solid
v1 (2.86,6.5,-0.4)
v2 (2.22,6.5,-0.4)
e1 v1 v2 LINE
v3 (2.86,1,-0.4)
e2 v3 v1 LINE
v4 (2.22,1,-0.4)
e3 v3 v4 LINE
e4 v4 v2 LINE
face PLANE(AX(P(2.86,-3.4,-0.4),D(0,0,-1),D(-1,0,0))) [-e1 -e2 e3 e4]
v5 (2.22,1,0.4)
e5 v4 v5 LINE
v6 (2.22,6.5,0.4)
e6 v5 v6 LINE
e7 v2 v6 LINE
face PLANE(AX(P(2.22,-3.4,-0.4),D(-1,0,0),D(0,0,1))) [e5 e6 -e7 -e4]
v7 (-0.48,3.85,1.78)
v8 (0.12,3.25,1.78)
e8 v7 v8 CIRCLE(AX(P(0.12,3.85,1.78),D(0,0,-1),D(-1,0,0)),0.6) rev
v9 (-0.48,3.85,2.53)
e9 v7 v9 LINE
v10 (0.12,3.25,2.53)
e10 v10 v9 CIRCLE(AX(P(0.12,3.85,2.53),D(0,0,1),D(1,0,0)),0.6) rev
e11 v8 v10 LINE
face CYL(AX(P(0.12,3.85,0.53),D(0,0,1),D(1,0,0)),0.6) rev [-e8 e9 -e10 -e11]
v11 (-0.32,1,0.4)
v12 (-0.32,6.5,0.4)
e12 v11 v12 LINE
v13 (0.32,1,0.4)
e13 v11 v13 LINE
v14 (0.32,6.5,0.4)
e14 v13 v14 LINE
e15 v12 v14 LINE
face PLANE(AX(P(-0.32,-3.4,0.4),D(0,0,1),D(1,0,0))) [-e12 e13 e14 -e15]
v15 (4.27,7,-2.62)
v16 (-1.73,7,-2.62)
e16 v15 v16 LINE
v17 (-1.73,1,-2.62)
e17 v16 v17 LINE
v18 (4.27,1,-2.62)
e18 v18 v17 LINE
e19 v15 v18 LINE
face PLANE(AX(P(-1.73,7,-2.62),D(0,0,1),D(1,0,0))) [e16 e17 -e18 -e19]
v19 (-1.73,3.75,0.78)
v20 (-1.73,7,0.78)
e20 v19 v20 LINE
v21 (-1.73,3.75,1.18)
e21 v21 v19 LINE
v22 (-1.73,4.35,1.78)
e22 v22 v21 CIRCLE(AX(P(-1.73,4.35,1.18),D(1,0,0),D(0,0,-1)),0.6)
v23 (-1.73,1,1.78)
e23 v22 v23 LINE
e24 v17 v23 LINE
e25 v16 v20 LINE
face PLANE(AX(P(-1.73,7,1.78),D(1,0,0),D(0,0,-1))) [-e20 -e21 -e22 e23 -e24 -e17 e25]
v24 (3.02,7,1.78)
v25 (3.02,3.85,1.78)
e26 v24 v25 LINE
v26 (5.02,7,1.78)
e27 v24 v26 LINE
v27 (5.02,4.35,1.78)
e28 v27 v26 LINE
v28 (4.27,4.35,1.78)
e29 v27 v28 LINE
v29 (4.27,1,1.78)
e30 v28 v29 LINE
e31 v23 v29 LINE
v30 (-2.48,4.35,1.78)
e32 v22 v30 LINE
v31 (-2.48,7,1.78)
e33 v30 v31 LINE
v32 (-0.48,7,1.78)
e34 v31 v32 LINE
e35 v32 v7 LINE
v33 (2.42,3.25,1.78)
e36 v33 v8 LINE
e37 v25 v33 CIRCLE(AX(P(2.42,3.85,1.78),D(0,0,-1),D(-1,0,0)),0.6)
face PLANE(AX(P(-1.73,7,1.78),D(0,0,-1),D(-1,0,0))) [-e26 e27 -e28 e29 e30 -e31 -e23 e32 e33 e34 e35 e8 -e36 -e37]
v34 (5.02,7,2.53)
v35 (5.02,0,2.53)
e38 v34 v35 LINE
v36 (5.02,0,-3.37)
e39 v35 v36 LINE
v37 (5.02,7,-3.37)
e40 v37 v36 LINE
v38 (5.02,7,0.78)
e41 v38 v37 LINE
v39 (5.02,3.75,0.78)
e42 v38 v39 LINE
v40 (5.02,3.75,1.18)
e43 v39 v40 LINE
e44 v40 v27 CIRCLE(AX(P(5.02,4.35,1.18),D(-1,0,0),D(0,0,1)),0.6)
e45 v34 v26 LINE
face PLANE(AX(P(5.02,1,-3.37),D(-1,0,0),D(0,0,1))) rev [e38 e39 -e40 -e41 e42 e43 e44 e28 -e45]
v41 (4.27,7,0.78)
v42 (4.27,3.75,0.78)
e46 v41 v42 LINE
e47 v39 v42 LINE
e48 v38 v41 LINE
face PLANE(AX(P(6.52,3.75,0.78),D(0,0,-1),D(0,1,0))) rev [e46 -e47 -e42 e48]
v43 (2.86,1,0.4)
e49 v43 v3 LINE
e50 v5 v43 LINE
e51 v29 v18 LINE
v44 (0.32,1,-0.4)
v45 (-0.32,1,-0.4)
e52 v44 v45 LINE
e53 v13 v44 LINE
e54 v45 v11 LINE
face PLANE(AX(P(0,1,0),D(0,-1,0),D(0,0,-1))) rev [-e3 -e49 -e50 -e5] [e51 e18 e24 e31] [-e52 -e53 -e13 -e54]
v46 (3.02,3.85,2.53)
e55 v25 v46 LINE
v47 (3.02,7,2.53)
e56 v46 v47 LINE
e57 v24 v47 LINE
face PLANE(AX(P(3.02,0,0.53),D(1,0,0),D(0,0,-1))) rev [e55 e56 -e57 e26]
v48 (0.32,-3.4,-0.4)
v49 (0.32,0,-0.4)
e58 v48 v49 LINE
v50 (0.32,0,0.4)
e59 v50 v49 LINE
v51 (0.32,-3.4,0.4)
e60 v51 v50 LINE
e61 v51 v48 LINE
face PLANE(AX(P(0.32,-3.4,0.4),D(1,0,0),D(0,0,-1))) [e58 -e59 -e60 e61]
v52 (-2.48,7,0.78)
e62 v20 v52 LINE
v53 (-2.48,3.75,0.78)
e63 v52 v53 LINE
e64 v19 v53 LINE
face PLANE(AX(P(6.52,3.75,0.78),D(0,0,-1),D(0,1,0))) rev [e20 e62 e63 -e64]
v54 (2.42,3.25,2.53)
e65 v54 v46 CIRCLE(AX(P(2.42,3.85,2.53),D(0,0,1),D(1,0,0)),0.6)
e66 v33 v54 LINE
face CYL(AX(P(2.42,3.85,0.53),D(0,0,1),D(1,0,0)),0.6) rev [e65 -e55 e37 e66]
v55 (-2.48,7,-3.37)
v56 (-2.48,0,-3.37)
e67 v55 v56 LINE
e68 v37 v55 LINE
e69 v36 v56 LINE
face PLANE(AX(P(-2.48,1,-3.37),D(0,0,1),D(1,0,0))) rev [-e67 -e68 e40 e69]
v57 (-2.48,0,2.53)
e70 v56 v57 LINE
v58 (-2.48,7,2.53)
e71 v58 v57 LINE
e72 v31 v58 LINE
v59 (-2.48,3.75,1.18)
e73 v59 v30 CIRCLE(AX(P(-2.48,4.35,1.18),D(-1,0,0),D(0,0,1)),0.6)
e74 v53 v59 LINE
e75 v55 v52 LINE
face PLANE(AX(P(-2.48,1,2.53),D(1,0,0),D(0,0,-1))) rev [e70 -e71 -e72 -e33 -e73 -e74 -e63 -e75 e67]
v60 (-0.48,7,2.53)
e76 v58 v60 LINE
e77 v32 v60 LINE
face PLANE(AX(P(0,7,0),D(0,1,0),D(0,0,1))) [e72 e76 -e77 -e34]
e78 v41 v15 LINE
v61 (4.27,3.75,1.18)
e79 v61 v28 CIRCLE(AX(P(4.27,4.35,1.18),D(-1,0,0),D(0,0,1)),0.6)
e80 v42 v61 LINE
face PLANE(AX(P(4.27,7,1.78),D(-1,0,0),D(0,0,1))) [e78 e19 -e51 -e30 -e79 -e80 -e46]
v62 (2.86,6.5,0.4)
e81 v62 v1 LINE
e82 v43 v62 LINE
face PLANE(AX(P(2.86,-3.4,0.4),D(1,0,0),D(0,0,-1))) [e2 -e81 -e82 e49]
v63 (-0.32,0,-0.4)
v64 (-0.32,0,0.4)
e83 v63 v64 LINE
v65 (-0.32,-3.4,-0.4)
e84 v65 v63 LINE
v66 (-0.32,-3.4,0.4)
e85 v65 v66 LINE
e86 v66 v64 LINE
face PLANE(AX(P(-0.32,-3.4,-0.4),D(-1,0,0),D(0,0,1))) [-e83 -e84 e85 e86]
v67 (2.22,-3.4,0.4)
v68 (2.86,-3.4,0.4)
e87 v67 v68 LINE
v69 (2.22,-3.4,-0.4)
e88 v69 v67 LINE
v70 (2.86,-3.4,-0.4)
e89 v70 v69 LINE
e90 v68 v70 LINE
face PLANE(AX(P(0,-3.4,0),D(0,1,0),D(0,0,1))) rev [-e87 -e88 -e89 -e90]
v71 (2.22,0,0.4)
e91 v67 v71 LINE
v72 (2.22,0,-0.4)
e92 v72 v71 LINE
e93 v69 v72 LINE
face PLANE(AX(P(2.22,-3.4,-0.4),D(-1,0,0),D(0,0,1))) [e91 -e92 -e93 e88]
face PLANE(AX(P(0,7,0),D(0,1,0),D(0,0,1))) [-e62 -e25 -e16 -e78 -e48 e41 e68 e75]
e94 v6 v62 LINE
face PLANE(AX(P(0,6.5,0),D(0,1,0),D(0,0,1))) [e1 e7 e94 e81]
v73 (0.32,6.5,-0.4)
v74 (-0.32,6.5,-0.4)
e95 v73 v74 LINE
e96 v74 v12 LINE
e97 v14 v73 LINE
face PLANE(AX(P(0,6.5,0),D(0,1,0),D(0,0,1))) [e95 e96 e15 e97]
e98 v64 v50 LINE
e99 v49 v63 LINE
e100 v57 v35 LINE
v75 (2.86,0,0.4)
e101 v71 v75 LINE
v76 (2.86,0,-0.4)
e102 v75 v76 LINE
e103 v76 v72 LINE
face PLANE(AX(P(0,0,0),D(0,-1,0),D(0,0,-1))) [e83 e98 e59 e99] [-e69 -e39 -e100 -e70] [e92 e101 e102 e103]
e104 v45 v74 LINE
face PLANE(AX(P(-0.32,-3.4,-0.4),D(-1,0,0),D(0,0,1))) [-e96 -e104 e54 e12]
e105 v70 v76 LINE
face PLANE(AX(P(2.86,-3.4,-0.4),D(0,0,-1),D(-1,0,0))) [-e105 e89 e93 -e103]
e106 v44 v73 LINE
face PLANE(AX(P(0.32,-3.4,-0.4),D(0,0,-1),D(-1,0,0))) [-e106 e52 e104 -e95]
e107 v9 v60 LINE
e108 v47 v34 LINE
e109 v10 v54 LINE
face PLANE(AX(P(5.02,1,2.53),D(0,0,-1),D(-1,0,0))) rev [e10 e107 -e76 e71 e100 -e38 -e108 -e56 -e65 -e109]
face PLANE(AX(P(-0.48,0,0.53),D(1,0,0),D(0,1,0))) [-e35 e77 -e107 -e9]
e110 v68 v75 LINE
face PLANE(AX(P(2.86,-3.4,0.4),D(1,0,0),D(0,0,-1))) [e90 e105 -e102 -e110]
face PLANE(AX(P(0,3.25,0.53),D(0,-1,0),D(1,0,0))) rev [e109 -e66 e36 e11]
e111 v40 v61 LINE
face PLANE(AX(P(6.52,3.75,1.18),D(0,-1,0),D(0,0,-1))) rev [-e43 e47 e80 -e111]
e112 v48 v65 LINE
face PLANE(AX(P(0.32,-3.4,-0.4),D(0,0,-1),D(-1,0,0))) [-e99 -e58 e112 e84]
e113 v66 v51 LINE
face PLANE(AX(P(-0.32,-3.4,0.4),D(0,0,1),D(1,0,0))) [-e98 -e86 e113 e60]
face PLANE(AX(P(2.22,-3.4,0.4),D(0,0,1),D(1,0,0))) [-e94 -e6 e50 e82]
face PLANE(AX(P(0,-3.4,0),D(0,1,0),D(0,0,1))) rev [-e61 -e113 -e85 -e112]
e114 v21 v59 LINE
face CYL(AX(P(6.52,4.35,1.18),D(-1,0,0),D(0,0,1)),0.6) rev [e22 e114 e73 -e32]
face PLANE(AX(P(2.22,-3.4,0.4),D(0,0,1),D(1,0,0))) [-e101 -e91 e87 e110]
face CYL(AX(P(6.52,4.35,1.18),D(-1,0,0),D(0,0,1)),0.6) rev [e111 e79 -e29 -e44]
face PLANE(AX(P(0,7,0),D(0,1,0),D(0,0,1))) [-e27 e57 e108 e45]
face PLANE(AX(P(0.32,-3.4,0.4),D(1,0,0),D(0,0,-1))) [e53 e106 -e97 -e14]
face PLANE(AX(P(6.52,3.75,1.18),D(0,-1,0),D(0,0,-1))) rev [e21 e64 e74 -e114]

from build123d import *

# Parameters (mm, degrees)
CROQUIS1_W                   = 7.5
CROQUIS1_H                   = 5.9
CROQUIS1_W_2                 = 0.64
CROQUIS1_H_2                 = 0.8
SALIENTE_EXTRUIR1_DEPTH      = 1
CROQUIS2_W                   = 7.5
CROQUIS2_H                   = 5.9
CROQUIS2_W_2                 = 6
CROQUIS2_H_2                 = 4.4
SALIENTE_EXTRUIR2_DEPTH      = 6
CORTAR_EXTRUIR1_DEPTH        = 9
CORTAR_EXTRUIR2_DEPTH        = 2
SALIENTE_EXTRUIR3_DEPTH      = 6.5
SALIENTE_EXTRUIR3_DEPTH_BACK = 3.4
CROQUIS5_W                   = 0.64
CROQUIS5_H                   = 0.8


with BuildPart() as part:
    # Croquis1 → Saliente-Extruir1 (new body)
    with BuildSketch(Plane(origin=(0, 0, 0), x_dir=(1, 0, 0), z_dir=(0, 1, 0))):
        with Locations((1.27, 0.42)):
            Rectangle(CROQUIS1_W, CROQUIS1_H)
        Rectangle(CROQUIS1_W_2, CROQUIS1_H_2, mode=Mode.SUBTRACT)
        with Locations((2.54, 0)):
            Rectangle(CROQUIS1_W_2, CROQUIS1_H_2, mode=Mode.SUBTRACT)
    extrude(amount=SALIENTE_EXTRUIR1_DEPTH)

    # Croquis2 → Saliente-Extruir2 (add)
    with BuildSketch(Plane(origin=(0, 1, 0), x_dir=(1, 0, 0), z_dir=(0, 1, 0))):
        with Locations((1.27, 0.42)):
            Rectangle(CROQUIS2_W, CROQUIS2_H)
        with Locations((1.27, 0.42)):
            Rectangle(CROQUIS2_W_2, CROQUIS2_H_2, mode=Mode.SUBTRACT)
    extrude(amount=SALIENTE_EXTRUIR2_DEPTH)

    # Croquis3 → Cortar-Extruir1 (cut)
    with BuildSketch(Plane.ZY.offset(2.48)):
        with BuildLine():
            Line((1.78, 7), (1.78, 4.35))
            ThreePointArc((1.78, 4.35), (1.604264069, 3.925735931), (1.18, 3.75))
            Line((1.18, 3.75), (0.78, 3.75))
            Line((0.78, 3.75), (0.78, 7))
            Line((0.78, 7), (1.78, 7))
        make_face()
    extrude(amount=-CORTAR_EXTRUIR1_DEPTH, mode=Mode.SUBTRACT)

    # Croquis4 → Cortar-Extruir2 (cut)
    with BuildSketch(Plane.XY.offset(2.53)):
        with BuildLine():
            Line((-0.48, 3.85), (-0.48, 7))
            Line((-0.48, 7), (3.02, 7))
            Line((3.02, 7), (3.02, 3.85))
            ThreePointArc((3.02, 3.85), (2.844264069, 3.425735931), (2.42, 3.25))
            Line((2.42, 3.25), (1.266494324, 3.25))
            Line((1.266494324, 3.25), (0.12, 3.25))
            ThreePointArc((0.12, 3.25), (-0.304264069, 3.425735931), (-0.48, 3.85))
        make_face()
    extrude(amount=-CORTAR_EXTRUIR2_DEPTH, mode=Mode.SUBTRACT)

    # Croquis5 → Saliente-Extruir3 (add, two sides: drawn at the far end of the back side and taken through both)
    with BuildSketch(Plane(origin=(0, 0, 0), x_dir=(1, 0, 0), z_dir=(0, 1, 0)).offset(-SALIENTE_EXTRUIR3_DEPTH_BACK)):
        with Locations((2.54, 0)):
            Rectangle(CROQUIS5_W, CROQUIS5_H)
        Rectangle(CROQUIS5_W, CROQUIS5_H)
    extrude(amount=SALIENTE_EXTRUIR3_DEPTH + SALIENTE_EXTRUIR3_DEPTH_BACK)


solid = part.part
